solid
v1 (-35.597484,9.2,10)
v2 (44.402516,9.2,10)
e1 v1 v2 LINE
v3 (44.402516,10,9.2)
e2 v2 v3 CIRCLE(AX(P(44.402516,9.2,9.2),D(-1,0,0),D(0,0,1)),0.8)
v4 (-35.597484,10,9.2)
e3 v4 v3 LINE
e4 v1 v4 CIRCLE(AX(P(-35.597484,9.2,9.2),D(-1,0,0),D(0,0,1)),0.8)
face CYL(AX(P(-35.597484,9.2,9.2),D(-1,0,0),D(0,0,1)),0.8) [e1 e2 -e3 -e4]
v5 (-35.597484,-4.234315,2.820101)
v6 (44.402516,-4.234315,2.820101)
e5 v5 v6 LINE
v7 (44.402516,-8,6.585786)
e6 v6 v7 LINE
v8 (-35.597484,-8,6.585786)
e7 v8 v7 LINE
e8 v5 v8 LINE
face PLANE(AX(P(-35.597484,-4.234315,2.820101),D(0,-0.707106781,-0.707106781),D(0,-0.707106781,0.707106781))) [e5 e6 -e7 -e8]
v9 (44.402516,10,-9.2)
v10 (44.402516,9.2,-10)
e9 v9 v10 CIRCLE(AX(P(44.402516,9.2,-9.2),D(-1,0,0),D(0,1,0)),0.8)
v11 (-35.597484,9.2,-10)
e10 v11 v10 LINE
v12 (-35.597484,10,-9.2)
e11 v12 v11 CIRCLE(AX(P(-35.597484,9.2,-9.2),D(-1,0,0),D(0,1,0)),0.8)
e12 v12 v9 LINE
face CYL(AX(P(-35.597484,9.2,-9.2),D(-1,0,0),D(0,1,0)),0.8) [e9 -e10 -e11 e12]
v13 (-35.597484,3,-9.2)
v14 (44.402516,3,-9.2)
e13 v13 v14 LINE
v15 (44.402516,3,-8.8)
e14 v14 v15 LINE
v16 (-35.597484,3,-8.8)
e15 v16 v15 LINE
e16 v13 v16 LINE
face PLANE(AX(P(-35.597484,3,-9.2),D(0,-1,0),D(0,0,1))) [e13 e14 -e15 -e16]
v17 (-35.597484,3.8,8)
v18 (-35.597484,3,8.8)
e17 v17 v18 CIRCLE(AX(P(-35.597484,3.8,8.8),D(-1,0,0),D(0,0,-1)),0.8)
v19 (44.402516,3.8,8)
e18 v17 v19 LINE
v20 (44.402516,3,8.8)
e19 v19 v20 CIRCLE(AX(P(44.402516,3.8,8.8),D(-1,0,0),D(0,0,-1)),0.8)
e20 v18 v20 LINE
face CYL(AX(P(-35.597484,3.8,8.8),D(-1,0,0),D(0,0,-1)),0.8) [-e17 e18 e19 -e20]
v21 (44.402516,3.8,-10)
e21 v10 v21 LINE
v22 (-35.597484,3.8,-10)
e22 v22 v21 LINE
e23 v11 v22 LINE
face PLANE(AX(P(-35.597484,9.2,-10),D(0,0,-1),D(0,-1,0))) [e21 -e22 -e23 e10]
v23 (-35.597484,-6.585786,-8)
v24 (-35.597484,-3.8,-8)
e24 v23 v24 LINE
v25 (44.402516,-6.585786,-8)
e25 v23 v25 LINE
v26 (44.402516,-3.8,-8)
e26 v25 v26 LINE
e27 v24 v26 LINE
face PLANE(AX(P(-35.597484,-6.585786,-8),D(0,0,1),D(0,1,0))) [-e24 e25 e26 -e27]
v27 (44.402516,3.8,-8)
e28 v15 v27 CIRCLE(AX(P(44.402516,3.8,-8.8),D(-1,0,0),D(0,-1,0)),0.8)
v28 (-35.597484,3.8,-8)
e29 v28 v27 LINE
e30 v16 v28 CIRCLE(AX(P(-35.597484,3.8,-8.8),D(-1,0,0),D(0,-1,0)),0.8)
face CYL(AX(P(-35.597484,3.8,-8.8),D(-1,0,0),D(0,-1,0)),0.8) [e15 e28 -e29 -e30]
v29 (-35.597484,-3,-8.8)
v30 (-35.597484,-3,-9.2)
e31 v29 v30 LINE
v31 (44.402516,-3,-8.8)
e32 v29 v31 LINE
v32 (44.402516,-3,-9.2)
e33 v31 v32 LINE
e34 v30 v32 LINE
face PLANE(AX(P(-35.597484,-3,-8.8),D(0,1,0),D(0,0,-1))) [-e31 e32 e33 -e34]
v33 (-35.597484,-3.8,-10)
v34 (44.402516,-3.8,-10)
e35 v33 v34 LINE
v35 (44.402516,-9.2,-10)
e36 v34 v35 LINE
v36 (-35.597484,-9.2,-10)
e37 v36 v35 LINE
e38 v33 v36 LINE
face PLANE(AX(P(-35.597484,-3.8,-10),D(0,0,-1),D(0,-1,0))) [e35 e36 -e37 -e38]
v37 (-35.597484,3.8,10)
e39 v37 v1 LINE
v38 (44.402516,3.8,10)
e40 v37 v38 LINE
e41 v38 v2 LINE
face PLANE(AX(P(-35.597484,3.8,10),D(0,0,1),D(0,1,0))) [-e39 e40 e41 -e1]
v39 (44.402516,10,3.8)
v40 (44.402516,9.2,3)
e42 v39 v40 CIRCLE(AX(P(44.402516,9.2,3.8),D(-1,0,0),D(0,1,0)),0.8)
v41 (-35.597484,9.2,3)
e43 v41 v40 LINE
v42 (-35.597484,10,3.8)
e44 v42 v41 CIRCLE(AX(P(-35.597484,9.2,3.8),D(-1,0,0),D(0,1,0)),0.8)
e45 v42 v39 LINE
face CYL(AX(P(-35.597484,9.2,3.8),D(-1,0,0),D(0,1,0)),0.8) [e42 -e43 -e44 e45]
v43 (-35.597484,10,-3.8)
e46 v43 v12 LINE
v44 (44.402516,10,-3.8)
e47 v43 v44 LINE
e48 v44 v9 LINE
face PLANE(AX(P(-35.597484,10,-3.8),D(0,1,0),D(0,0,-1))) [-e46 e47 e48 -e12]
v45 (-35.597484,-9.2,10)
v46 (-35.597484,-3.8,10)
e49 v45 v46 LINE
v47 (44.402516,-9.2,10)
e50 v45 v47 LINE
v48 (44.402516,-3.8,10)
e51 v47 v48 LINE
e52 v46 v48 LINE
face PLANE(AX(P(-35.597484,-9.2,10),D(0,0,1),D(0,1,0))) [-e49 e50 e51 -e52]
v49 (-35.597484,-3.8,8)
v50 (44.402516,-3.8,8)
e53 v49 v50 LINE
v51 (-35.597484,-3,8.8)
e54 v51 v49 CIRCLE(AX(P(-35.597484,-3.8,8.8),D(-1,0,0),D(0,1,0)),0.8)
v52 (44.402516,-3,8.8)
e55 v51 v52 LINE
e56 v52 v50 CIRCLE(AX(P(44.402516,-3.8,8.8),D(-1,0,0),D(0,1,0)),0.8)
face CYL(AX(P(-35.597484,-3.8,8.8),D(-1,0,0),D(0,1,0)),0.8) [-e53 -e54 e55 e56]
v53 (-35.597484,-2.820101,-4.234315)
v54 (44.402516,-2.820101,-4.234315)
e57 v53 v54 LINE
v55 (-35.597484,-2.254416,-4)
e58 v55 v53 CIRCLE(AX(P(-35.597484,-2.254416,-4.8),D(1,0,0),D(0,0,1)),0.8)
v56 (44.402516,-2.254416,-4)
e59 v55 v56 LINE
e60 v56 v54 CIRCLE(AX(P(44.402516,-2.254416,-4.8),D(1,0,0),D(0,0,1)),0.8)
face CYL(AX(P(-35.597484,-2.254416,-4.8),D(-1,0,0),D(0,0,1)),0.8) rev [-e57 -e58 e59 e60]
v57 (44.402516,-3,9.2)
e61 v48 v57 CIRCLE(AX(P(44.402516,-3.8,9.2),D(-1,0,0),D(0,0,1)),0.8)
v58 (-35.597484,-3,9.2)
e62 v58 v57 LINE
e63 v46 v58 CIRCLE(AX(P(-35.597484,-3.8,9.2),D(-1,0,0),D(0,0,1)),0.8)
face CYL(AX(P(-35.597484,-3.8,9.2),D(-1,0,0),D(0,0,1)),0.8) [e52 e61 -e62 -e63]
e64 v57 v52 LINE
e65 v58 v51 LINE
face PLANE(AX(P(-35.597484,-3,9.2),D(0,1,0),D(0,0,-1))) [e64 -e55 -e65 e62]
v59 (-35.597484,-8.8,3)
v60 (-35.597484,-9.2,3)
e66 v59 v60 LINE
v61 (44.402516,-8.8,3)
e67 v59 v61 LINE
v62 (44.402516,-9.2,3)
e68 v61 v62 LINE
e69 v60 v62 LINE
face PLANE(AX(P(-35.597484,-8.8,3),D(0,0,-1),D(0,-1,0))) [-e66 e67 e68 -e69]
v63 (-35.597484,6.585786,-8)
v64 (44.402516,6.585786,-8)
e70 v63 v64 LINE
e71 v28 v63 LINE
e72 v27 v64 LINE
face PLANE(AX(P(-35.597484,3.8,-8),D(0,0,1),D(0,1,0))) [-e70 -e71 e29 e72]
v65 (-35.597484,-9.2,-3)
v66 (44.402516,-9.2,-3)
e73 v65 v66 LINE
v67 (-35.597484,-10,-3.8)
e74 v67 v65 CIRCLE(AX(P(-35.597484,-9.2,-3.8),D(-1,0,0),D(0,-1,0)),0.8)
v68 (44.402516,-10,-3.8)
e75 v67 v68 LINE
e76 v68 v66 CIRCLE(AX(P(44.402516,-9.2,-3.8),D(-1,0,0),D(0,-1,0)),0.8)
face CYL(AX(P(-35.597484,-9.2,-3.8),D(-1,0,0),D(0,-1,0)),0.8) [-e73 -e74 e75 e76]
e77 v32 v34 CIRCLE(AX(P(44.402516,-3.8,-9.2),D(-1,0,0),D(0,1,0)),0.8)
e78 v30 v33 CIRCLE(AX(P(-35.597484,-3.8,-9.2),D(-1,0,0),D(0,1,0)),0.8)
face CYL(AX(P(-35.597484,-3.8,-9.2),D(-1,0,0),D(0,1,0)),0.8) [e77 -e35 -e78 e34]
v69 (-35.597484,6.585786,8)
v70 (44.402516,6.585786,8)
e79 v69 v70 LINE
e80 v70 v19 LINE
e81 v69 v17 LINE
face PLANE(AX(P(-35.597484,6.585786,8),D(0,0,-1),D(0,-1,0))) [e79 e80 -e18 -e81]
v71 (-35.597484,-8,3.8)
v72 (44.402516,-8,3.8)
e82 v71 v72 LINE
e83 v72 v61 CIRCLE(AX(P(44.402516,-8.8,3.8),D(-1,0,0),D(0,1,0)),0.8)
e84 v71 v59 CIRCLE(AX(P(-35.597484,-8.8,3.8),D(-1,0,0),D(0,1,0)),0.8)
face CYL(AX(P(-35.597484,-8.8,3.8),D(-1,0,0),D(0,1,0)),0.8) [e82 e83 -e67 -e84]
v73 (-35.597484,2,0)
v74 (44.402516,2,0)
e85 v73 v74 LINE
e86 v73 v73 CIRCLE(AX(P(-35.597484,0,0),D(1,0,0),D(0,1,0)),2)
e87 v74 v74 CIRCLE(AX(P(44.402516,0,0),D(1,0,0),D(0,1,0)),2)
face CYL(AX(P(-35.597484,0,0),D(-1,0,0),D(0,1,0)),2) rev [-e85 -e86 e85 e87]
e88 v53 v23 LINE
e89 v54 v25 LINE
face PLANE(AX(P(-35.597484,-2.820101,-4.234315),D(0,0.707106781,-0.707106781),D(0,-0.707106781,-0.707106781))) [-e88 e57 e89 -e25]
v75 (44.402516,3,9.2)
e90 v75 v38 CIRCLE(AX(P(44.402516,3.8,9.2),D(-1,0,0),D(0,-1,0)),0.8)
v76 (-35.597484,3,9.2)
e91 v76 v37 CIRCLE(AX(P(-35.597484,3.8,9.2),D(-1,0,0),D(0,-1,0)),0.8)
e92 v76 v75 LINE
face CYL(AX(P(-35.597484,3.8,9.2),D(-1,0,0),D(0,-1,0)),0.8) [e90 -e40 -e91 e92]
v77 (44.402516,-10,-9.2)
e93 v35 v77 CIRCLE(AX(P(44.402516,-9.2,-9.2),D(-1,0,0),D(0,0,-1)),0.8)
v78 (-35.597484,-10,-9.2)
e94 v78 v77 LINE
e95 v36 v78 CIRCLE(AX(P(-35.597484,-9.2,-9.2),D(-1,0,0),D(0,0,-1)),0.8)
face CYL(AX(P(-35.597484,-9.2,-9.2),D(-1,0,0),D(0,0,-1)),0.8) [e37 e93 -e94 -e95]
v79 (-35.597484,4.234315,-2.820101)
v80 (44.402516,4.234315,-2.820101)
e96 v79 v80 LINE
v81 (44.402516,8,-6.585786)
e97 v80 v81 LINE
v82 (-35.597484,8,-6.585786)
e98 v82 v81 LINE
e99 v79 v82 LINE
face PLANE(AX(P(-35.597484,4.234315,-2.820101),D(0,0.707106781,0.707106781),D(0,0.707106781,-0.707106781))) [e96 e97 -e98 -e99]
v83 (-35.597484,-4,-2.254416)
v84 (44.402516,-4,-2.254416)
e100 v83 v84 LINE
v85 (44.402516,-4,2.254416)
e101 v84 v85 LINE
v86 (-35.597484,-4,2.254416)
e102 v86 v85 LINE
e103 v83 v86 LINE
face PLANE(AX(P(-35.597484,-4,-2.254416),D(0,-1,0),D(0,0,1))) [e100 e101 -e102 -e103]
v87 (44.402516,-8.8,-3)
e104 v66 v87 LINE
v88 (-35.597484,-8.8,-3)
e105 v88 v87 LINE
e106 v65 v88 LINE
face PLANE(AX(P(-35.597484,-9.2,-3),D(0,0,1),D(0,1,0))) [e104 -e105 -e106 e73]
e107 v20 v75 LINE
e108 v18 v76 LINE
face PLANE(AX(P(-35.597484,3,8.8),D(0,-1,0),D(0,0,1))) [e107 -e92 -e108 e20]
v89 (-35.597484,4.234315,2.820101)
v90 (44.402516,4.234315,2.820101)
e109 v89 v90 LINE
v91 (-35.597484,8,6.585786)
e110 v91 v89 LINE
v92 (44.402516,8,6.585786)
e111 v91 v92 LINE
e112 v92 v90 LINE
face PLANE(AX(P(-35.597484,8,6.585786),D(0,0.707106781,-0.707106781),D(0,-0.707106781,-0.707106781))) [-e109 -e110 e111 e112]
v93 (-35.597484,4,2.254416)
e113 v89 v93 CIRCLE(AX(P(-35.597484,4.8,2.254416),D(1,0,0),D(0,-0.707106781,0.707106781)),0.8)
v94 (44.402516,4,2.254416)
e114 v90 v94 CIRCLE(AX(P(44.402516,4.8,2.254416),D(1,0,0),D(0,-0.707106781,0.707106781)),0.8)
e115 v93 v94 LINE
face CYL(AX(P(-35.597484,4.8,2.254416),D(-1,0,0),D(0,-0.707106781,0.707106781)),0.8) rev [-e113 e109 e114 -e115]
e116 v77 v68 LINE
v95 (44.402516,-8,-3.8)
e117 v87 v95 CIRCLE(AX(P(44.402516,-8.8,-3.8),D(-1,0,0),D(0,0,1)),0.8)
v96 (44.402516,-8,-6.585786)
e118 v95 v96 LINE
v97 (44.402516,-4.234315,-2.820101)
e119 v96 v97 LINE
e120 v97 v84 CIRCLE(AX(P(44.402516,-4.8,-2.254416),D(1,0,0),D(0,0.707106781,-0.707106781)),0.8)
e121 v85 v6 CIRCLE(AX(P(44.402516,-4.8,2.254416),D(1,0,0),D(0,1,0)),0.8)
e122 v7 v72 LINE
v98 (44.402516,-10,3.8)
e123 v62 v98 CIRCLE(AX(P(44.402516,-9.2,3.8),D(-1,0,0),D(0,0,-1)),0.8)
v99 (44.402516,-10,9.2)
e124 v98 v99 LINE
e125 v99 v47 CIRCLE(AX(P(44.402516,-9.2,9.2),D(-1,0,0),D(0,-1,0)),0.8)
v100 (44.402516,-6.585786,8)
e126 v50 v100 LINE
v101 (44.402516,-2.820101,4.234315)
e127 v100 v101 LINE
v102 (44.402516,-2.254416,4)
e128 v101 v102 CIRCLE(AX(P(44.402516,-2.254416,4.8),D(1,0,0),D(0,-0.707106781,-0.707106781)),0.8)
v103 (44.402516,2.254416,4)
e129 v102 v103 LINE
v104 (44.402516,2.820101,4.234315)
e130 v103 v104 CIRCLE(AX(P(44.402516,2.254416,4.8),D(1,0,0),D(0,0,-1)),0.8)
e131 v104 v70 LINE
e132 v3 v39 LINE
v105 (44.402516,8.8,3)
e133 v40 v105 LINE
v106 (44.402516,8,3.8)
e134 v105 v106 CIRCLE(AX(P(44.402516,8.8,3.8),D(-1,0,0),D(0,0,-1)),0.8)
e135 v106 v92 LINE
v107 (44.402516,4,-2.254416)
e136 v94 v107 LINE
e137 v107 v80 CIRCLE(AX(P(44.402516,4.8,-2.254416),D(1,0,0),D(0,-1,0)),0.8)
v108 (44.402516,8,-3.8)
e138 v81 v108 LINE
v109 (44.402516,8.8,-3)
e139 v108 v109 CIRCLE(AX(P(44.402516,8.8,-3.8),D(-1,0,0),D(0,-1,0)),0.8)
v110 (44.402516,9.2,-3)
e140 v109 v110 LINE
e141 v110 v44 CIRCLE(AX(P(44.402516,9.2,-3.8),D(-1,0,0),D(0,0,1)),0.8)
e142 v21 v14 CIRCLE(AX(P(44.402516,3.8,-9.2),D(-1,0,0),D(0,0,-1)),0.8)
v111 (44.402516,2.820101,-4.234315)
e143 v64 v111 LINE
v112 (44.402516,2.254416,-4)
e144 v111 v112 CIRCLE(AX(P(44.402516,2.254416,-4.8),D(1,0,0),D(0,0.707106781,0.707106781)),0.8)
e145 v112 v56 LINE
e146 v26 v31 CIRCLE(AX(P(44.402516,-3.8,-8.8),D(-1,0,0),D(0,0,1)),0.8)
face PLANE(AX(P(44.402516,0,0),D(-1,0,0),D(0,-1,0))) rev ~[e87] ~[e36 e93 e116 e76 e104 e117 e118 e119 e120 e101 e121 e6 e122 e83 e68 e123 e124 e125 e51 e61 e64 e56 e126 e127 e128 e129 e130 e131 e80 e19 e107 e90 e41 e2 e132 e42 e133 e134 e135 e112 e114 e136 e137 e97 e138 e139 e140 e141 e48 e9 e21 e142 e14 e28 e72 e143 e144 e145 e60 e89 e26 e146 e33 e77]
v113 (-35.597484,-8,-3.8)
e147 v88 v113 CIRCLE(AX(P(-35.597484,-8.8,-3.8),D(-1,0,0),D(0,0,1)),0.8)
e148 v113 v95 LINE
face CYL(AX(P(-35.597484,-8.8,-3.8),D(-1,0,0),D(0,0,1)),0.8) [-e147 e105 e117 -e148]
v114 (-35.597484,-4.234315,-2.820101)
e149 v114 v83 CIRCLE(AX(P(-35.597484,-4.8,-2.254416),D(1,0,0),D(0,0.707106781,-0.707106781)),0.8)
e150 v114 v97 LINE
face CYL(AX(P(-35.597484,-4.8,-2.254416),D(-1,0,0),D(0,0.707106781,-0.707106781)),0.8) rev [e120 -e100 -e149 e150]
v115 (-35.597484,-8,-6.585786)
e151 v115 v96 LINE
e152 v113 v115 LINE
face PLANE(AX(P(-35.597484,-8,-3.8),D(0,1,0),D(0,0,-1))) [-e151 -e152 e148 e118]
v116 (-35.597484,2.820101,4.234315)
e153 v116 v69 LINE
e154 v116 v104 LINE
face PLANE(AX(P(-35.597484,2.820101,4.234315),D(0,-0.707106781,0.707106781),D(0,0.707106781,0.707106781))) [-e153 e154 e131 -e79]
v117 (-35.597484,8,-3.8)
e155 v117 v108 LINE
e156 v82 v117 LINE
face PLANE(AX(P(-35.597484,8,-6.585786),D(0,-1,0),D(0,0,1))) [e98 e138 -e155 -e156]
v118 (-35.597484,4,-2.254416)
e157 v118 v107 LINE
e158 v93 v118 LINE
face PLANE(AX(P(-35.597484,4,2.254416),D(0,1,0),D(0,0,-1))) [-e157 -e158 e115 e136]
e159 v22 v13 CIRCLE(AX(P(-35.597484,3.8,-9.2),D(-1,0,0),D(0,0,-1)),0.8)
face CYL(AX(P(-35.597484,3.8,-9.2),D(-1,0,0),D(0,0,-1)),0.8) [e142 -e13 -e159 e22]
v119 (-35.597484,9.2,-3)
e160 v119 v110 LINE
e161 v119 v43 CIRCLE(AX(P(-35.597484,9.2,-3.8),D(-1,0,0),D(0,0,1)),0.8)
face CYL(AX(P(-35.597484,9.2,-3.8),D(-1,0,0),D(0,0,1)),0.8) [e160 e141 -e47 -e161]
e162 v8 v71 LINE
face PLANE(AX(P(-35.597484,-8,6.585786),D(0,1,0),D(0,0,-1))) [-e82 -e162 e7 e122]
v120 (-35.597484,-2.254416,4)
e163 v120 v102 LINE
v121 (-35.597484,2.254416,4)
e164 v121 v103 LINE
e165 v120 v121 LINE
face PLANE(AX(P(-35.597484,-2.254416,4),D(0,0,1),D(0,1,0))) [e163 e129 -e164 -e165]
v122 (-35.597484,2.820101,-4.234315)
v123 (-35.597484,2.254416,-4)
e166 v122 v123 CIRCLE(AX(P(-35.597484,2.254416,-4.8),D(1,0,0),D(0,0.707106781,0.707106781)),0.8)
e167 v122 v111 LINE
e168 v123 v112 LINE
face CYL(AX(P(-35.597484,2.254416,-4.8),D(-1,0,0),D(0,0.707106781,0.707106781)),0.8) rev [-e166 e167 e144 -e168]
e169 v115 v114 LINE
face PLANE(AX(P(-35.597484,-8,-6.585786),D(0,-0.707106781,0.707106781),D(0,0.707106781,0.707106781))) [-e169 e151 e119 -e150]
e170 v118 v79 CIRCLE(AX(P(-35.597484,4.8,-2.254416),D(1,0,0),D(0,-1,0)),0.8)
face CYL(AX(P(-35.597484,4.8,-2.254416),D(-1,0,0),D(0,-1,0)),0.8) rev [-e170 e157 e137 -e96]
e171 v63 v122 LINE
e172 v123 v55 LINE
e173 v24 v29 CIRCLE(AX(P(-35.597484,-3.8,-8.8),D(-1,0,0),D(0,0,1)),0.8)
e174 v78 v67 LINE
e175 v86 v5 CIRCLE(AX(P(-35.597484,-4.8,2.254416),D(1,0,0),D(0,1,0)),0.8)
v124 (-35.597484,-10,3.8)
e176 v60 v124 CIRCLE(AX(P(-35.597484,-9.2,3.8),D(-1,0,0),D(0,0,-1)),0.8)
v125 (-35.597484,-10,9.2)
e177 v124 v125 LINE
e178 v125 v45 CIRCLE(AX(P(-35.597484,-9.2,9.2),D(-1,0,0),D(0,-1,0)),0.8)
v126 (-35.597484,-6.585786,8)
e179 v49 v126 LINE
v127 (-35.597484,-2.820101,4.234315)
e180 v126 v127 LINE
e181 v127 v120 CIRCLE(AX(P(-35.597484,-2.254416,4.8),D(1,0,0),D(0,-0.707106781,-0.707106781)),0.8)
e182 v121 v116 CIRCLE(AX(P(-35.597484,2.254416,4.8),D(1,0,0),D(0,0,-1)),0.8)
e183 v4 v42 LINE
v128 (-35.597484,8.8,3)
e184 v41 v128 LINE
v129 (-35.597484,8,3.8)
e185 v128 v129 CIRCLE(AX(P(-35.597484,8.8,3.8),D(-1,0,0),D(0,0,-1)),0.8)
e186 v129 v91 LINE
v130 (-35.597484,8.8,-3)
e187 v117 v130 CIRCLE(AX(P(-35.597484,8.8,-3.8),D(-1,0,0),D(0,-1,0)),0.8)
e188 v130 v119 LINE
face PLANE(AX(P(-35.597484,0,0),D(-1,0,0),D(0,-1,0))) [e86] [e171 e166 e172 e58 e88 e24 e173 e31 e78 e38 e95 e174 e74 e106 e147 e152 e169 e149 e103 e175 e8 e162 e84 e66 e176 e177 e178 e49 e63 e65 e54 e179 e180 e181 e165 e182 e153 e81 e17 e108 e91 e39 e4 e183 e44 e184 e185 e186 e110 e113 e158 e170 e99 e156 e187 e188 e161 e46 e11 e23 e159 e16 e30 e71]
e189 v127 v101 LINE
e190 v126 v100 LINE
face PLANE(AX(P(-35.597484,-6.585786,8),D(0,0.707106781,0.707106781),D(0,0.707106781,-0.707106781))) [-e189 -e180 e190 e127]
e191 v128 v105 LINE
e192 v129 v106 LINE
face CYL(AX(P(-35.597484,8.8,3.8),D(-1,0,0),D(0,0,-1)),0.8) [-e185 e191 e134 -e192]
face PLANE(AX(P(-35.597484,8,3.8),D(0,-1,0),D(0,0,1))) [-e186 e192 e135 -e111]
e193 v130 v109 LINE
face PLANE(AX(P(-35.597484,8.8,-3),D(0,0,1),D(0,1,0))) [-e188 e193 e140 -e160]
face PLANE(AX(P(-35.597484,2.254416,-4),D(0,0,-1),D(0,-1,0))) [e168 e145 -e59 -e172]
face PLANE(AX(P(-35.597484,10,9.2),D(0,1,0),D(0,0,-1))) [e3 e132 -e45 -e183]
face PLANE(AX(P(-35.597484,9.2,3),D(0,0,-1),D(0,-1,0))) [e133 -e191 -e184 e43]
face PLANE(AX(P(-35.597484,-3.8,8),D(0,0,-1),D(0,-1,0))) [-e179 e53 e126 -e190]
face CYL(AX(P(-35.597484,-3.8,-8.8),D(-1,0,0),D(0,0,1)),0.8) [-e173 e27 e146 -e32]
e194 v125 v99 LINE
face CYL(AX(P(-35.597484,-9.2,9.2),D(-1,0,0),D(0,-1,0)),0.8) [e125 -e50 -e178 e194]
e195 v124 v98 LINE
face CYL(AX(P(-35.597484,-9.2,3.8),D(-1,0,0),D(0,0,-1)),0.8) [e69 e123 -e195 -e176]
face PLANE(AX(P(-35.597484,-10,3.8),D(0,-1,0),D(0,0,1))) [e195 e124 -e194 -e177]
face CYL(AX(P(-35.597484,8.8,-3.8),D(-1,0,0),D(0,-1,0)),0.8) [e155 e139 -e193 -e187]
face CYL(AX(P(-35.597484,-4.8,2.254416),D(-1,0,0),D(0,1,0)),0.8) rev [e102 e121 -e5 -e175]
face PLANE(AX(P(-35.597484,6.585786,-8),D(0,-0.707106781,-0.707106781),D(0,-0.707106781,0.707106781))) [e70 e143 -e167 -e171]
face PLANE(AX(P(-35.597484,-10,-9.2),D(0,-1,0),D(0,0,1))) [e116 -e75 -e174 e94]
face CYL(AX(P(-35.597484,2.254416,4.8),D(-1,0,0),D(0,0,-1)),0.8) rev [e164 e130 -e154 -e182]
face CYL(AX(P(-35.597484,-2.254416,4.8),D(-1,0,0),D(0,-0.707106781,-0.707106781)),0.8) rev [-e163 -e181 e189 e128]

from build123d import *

# Parameters (mm, degrees)
SKETCH11_R          = 2
PROFILE_4X4_1_DEPTH = 80


with BuildPart() as part:
    # Sketch11 → Profile 4X4(1) (new body)
    with BuildSketch(Plane.YZ.offset(-35.597484277)):
        with BuildLine():
            Line((-3, 9.2), (-3, 8.8))
            ThreePointArc((-3, 8.8), (-3.234314575, 8.234314575), (-3.8, 8))
            Line((-3.8, 8), (-6.585786438, 8))
            Line((-6.585786438, 8), (-2.820101013, 4.234314575))
            ThreePointArc((-2.820101013, 4.234314575), (-2.560562334, 4.060896374), (-2.254415588, 4))
            Line((-2.254415588, 4), (2.254415588, 4))
            ThreePointArc((2.254415588, 4), (2.560562334, 4.060896374), (2.820101013, 4.234314575))
            Line((2.820101013, 4.234314575), (6.585786438, 8))
            Line((6.585786438, 8), (3.8, 8))
            ThreePointArc((3.8, 8), (3.234314575, 8.234314575), (3, 8.8))
            Line((3, 8.8), (3, 9.2))
            ThreePointArc((3, 9.2), (3.234314575, 9.765685425), (3.8, 10))
            Line((3.8, 10), (9.2, 10))
            ThreePointArc((9.2, 10), (9.765685425, 9.765685425), (10, 9.2))
            Line((10, 9.2), (10, 3.8))
            ThreePointArc((10, 3.8), (9.765685425, 3.234314575), (9.2, 3))
            Line((9.2, 3), (8.8, 3))
            ThreePointArc((8.8, 3), (8.234314575, 3.234314575), (8, 3.8))
            Line((8, 3.8), (8, 6.585786438))
            Line((8, 6.585786438), (4.234314575, 2.820101013))
            ThreePointArc((4.234314575, 2.820101013), (4.060896374, 2.560562334), (4, 2.254415588))
            Line((4, 2.254415588), (4, -2.254415588))
            ThreePointArc((4, -2.254415588), (4.060896374, -2.560562334), (4.234314575, -2.820101013))
            Line((4.234314575, -2.820101013), (8, -6.585786438))
            Line((8, -6.585786438), (8, -3.8))
            ThreePointArc((8, -3.8), (8.234314575, -3.234314575), (8.8, -3))
            Line((8.8, -3), (9.2, -3))
            ThreePointArc((9.2, -3), (9.765685425, -3.234314575), (10, -3.8))
            Line((10, -3.8), (10, -9.2))
            ThreePointArc((10, -9.2), (9.765685425, -9.765685425), (9.2, -10))
            Line((9.2, -10), (3.8, -10))
            ThreePointArc((3.8, -10), (3.234314575, -9.765685425), (3, -9.2))
            Line((3, -9.2), (3, -8.8))
            ThreePointArc((3, -8.8), (3.234314575, -8.234314575), (3.8, -8))
            Line((3.8, -8), (6.585786438, -8))
            Line((6.585786438, -8), (2.820101013, -4.234314575))
            ThreePointArc((2.820101013, -4.234314575), (2.560562334, -4.060896374), (2.254415588, -4))
            Line((2.254415588, -4), (-2.254415588, -4))
            ThreePointArc((-2.254415588, -4), (-2.560562334, -4.060896374), (-2.820101013, -4.234314575))
            Line((-2.820101013, -4.234314575), (-6.585786438, -8))
            Line((-6.585786438, -8), (-3.8, -8))
            ThreePointArc((-3.8, -8), (-3.234314575, -8.234314575), (-3, -8.8))
            Line((-3, -8.8), (-3, -9.2))
            ThreePointArc((-3, -9.2), (-3.234314575, -9.765685425), (-3.8, -10))
            Line((-3.8, -10), (-9.2, -10))
            ThreePointArc((-9.2, -10), (-9.765685425, -9.765685425), (-10, -9.2))
            Line((-10, -9.2), (-10, -3.8))
            ThreePointArc((-10, -3.8), (-9.765685425, -3.234314575), (-9.2, -3))
            Line((-9.2, -3), (-8.8, -3))
            ThreePointArc((-8.8, -3), (-8.234314575, -3.234314575), (-8, -3.8))
            Line((-8, -3.8), (-8, -6.585786438))
            Line((-8, -6.585786438), (-4.234314575, -2.820101013))
            ThreePointArc((-4.234314575, -2.820101013), (-4.060896374, -2.560562334), (-4, -2.254415588))
            Line((-4, -2.254415588), (-4, 2.254415588))
            ThreePointArc((-4, 2.254415588), (-4.060896374, 2.560562334), (-4.234314575, 2.820101013))
            Line((-4.234314575, 2.820101013), (-8, 6.585786438))
            Line((-8, 6.585786438), (-8, 3.8))
            ThreePointArc((-8, 3.8), (-8.234314575, 3.234314575), (-8.8, 3))
            Line((-8.8, 3), (-9.2, 3))
            ThreePointArc((-9.2, 3), (-9.765685425, 3.234314575), (-10, 3.8))
            Line((-10, 3.8), (-10, 9.2))
            ThreePointArc((-10, 9.2), (-9.765685425, 9.765685425), (-9.2, 10))
            Line((-9.2, 10), (-3.8, 10))
            ThreePointArc((-3.8, 10), (-3.234314575, 9.765685425), (-3, 9.2))
        make_face()
        Circle(SKETCH11_R, mode=Mode.SUBTRACT)
    extrude(amount=PROFILE_4X4_1_DEPTH)


solid = part.part
